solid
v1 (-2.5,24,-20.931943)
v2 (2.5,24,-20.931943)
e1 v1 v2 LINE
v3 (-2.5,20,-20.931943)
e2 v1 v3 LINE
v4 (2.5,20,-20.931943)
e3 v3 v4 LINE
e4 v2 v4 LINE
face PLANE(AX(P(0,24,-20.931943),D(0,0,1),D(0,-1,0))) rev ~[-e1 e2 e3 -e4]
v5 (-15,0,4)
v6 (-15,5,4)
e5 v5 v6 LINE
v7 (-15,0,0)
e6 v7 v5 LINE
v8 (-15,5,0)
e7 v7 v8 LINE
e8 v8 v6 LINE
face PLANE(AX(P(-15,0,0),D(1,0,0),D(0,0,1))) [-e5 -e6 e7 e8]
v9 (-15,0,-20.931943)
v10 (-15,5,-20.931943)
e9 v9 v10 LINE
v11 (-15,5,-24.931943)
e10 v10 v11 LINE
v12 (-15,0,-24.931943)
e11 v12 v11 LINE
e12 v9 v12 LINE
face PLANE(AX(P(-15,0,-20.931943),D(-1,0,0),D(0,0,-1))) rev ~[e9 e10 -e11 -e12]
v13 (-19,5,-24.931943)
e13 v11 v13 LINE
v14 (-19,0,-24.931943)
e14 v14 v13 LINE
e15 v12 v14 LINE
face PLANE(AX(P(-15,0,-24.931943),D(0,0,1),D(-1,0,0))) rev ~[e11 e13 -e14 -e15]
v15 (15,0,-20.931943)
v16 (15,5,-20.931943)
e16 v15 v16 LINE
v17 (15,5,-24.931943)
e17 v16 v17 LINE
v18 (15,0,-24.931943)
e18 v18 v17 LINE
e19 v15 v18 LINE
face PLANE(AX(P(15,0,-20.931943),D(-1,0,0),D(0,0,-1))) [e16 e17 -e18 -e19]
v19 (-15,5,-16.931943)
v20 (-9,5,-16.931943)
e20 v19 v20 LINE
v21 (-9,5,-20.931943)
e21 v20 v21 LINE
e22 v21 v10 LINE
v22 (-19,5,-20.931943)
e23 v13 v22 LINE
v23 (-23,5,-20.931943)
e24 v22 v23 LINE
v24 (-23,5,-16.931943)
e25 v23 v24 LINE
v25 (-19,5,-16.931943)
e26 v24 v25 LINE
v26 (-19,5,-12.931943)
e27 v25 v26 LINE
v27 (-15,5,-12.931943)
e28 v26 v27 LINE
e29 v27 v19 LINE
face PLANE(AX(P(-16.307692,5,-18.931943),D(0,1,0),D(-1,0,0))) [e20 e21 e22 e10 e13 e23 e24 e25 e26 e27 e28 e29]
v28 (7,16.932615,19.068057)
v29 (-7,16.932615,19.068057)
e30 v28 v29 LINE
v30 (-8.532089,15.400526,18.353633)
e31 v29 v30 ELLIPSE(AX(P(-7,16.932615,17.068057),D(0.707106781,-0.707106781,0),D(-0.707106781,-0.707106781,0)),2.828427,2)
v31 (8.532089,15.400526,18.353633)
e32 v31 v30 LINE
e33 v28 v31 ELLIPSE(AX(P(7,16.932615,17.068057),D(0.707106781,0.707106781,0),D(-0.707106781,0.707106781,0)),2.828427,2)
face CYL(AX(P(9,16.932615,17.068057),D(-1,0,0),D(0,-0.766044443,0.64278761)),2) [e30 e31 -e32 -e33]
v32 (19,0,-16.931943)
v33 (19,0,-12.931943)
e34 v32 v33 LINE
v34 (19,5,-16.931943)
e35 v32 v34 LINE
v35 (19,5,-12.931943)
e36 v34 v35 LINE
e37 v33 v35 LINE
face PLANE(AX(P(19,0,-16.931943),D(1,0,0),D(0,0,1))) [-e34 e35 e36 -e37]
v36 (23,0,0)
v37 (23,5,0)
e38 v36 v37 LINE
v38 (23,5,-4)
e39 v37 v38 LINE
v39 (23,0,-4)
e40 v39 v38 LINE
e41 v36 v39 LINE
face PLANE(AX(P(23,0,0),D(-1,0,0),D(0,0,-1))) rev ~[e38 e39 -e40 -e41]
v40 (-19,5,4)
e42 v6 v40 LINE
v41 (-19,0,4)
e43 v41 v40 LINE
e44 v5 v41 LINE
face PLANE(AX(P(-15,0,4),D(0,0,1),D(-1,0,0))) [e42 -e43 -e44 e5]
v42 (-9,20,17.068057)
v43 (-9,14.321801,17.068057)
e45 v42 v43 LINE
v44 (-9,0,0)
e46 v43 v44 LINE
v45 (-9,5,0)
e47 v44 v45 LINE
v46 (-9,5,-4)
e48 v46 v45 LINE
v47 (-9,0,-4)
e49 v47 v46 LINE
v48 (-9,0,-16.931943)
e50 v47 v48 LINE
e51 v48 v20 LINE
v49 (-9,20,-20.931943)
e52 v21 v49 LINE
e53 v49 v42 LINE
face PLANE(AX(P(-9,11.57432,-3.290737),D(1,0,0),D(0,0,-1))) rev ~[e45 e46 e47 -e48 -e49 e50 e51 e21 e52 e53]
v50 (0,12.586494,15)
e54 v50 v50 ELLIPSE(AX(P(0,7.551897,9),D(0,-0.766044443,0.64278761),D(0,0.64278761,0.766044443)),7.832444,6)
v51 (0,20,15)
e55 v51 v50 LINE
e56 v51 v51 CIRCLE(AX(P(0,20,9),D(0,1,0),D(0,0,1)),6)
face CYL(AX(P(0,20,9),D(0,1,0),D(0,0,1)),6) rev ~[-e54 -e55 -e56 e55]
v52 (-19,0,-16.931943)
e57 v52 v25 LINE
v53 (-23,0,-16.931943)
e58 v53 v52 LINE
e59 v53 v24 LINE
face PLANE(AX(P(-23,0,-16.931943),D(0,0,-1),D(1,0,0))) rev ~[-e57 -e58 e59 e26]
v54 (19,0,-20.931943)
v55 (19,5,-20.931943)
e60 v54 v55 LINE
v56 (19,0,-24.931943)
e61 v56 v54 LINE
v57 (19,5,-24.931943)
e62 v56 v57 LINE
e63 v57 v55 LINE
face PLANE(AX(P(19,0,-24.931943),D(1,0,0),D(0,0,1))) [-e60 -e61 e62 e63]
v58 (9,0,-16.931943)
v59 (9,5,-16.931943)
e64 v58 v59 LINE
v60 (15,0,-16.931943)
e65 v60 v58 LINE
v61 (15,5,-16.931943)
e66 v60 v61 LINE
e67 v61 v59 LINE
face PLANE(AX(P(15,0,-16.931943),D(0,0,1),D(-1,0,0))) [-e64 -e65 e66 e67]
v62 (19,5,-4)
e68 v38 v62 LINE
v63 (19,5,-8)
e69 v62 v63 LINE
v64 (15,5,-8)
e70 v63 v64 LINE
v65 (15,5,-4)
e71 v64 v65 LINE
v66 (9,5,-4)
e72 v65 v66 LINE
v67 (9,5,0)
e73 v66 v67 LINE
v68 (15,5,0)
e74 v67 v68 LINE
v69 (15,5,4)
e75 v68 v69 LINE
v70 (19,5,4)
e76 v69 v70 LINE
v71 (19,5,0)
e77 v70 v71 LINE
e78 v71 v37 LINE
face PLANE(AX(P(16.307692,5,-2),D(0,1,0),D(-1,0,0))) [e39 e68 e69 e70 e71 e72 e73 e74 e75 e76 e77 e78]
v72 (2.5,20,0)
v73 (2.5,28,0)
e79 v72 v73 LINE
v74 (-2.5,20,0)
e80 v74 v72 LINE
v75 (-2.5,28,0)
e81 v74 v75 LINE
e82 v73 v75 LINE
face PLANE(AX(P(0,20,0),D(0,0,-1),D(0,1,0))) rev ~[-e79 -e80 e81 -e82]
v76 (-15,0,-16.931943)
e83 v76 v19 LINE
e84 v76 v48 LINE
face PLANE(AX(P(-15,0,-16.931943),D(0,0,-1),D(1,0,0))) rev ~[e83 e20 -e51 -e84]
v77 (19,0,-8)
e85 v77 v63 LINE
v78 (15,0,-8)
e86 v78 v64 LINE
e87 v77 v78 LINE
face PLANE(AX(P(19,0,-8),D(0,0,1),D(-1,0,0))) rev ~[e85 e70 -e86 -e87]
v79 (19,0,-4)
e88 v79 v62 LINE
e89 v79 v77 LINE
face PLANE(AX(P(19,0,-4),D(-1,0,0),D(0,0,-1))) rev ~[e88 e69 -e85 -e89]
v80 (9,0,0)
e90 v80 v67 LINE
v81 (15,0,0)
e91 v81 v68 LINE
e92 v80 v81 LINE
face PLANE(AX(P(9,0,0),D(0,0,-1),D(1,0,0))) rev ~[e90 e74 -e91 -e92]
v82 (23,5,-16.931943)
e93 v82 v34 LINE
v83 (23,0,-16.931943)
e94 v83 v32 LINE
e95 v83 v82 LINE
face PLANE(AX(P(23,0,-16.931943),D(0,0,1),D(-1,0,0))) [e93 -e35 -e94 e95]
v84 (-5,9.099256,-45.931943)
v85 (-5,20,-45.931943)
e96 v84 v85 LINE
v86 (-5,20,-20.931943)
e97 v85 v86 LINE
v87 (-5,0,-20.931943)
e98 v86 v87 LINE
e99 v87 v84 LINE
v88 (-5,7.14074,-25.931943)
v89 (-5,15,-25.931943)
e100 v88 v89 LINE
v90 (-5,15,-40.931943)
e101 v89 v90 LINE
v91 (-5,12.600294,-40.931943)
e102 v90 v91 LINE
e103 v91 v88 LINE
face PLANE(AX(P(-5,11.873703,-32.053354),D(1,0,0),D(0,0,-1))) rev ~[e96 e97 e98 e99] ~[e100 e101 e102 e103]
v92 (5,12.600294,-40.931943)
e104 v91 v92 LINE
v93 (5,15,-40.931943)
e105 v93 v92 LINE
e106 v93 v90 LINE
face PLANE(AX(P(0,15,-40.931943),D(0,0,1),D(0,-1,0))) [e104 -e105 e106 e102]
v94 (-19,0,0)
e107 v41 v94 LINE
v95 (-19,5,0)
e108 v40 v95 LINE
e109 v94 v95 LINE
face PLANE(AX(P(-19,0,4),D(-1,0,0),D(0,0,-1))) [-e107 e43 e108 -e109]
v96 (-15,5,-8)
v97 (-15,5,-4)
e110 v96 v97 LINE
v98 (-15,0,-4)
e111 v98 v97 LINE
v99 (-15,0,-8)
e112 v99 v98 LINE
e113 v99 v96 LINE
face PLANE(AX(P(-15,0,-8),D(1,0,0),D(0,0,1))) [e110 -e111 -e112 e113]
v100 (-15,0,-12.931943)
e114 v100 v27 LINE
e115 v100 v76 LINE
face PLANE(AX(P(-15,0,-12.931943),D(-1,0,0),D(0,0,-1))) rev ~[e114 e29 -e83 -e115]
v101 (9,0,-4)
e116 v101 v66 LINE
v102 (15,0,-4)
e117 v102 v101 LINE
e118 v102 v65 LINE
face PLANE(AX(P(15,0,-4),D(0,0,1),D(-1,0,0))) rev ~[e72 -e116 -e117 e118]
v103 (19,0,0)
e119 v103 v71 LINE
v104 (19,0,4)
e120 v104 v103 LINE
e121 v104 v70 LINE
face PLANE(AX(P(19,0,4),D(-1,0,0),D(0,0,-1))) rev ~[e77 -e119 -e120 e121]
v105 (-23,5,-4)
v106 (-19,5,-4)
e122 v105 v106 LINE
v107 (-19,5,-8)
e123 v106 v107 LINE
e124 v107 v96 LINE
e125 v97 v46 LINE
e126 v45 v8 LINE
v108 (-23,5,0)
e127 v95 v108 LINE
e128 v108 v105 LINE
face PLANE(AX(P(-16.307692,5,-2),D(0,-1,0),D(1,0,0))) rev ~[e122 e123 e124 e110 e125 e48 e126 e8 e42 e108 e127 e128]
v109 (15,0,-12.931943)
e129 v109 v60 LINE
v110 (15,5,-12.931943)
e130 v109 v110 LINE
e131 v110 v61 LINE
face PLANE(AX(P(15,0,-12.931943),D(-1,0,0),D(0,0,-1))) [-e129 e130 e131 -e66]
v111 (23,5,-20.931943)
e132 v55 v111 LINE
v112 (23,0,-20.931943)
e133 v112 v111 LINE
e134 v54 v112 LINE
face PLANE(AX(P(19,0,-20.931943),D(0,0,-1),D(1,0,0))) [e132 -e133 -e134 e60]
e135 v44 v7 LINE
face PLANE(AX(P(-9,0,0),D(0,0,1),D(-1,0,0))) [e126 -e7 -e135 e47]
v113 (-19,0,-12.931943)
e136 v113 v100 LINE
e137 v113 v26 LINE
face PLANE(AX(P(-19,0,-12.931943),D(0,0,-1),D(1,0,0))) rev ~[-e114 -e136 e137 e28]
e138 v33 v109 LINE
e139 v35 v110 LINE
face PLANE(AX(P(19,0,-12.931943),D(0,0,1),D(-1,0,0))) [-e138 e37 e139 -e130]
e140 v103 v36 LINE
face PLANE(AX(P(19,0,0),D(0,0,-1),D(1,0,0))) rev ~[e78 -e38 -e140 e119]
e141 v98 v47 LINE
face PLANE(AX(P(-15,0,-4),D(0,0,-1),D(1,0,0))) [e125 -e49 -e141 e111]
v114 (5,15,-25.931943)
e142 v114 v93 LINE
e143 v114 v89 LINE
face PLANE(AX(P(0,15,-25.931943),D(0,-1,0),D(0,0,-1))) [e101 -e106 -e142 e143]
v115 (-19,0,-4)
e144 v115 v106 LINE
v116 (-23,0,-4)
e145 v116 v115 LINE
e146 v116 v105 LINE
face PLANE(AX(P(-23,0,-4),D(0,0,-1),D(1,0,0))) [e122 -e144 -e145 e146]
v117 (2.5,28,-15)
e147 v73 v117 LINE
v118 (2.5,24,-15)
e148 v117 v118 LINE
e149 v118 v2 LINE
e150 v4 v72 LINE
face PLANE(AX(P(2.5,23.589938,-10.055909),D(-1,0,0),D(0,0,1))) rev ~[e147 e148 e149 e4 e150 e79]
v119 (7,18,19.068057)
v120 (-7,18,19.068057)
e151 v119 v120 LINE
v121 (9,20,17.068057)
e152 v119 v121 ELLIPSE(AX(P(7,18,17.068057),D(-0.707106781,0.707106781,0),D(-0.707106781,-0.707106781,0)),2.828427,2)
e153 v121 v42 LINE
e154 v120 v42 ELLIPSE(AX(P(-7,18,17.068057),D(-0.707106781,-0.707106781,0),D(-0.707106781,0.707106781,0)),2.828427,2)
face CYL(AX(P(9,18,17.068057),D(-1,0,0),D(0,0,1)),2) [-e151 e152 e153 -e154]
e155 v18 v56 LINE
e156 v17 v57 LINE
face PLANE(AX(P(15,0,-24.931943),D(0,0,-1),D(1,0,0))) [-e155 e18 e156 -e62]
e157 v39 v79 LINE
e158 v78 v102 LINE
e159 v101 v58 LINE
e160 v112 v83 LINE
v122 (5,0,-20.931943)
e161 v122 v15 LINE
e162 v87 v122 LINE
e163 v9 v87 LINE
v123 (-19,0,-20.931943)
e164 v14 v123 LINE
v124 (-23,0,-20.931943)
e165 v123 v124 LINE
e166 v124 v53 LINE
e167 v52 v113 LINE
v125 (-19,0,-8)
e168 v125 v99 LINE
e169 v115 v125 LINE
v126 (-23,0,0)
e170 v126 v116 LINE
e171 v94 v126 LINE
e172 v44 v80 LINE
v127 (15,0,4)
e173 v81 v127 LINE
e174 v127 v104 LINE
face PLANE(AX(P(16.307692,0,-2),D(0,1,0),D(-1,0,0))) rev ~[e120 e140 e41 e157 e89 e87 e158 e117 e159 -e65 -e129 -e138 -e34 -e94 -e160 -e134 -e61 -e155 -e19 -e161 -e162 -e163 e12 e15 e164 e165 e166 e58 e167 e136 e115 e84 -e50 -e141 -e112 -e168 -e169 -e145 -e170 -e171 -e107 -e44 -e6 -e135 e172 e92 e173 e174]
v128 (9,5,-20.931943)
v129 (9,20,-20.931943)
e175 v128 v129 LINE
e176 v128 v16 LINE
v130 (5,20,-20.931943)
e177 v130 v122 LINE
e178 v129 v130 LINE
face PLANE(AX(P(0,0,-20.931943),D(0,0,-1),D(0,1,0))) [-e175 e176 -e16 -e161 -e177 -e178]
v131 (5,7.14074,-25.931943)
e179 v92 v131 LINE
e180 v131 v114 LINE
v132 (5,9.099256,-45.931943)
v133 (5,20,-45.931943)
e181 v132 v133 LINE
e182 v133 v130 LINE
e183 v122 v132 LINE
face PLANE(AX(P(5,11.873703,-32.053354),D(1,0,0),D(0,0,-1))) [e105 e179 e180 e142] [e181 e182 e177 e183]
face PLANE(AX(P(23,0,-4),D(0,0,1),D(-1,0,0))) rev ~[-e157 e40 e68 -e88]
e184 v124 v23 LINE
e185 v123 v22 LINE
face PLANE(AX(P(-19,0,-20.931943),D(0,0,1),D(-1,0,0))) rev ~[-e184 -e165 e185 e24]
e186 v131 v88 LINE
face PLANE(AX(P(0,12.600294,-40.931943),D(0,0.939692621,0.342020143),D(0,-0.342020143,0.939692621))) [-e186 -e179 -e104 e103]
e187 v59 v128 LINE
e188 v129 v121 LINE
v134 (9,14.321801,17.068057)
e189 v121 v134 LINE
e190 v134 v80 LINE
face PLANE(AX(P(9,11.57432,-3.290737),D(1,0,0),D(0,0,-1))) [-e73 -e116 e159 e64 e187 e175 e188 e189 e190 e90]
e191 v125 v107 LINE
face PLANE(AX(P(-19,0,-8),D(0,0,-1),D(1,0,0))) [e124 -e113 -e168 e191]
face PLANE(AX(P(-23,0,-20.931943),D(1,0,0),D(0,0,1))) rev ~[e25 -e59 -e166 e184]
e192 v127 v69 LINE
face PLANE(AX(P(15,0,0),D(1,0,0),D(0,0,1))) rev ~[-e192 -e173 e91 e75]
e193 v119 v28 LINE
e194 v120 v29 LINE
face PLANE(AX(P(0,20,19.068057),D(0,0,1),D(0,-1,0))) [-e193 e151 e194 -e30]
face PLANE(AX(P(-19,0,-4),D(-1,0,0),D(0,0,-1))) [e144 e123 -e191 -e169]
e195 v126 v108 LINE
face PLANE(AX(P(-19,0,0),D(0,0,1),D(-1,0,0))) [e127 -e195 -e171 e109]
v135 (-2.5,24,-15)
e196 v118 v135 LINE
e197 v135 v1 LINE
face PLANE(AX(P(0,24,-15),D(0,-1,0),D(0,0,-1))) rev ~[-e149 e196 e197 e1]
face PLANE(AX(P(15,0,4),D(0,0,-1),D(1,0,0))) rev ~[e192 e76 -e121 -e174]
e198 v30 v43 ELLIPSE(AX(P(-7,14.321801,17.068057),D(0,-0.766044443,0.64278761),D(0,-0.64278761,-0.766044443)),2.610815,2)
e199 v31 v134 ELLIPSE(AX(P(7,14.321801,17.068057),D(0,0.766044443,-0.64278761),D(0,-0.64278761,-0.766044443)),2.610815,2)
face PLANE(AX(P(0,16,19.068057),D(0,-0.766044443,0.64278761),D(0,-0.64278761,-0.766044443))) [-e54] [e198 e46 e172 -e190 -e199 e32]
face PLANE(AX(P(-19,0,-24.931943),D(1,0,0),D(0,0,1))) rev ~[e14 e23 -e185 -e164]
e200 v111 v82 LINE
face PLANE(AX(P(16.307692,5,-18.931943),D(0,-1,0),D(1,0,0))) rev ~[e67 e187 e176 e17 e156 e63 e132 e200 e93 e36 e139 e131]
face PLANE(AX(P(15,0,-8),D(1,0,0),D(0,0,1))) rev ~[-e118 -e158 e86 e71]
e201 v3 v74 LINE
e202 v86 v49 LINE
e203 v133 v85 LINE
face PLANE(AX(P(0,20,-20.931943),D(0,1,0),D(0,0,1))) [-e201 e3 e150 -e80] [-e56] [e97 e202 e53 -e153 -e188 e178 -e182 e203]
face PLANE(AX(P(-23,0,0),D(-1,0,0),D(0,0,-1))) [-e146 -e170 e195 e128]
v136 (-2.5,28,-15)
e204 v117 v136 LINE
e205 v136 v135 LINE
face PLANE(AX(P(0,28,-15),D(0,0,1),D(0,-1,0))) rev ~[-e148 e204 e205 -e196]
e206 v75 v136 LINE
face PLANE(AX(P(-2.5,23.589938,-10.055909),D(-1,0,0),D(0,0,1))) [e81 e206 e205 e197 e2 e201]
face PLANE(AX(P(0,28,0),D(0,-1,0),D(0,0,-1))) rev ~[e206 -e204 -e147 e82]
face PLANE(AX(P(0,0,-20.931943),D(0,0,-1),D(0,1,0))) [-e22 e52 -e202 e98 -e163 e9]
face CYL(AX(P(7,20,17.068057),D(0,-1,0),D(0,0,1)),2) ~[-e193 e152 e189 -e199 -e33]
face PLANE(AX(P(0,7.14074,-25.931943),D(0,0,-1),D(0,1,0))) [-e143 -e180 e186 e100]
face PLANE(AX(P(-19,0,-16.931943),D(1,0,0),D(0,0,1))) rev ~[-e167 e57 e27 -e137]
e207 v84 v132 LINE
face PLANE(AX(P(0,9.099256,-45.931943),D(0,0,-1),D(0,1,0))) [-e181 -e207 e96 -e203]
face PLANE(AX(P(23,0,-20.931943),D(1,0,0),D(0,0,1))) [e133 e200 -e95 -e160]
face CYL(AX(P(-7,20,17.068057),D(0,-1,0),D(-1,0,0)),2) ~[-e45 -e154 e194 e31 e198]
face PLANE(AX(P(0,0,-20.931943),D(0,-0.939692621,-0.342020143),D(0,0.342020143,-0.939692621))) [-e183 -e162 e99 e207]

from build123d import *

# Parameters (mm, degrees)
EXTRUDE_1_DEPTH     = 9
EXTRUDE_2_DEPTH     = 5
SKETCH_3_R          = 6
CUT_EXTRUDE_1_DEPTH = 30
FILLET_1_R          = 2
EXTRUDE_3_DEPTH     = 5
EXTRUDE_5_DEPTH     = 2.5


with BuildPart() as part:
    # Эскиз1 → Бобышка-Вытянуть1 (new, symmetric)
    with BuildSketch(Plane(origin=(0, 0, 0), x_dir=(0, 0, -1), z_dir=(1, 0, 0))):
        Polygon((-19.068057482, 16), (0, 0), (8.082464074, 0), (20.931942518, 0), (20.931942518, 20), (8.082464074, 20), (-19.068057482, 20), align=None)
    extrude(amount=EXTRUDE_1_DEPTH, both=True)

    # Эскиз1<3> → Бобышка-Вытянуть2 (add, symmetric)
    with BuildSketch(Plane(origin=(0, 0, 0), x_dir=(0, 0, -1), z_dir=(1, 0, 0))):
        Polygon((20.931942518, 20), (20.931942518, 0), (45.931942518, 9.099255857), (45.931942518, 20), (30, 20), align=None)
        Polygon((40.931942518, 12.600293548), (25.931942518, 7.140740034), (25.931942518, 15), (40.931942518, 15), align=None, mode=Mode.SUBTRACT)
    extrude(amount=EXTRUDE_2_DEPTH, both=True)

    # Эскиз3 → Вырез-Вытянуть1 (cut)
    with BuildSketch(Plane(origin=(0, 20, 0), x_dir=(1, 0, 0), z_dir=(0, 1, 0))):
        with Locations((0, -9)):
            Circle(SKETCH_3_R)
    extrude(amount=-CUT_EXTRUDE_1_DEPTH, mode=Mode.SUBTRACT)

    # Скругление1
    fillet_1_edges = [part.edges().sort_by_distance(p)[0] for p in [
        (0, 20, 19.068057482),
        (9, 18, 19.068057482),
        (0, 16, 19.068057482),
        (-9, 18, 19.068057482),
    ]]
    fillet(fillet_1_edges, radius=FILLET_1_R)

    # Эскиз4 → Бобышка-Вытянуть3 (add)
    with BuildSketch(Plane.XZ):
        Polygon((9, 0), (15, 0), (15, 4), (19, 4), (19, 0), (23, 0), (23, -4), (19, -4), (19, -8), (15, -8), (15, -4), (9, -4), align=None)
        Polygon((-23, 0), (-23, -4), (-19, -4), (-19, -8), (-15, -8), (-15, -4), (-9, -4), (-9, 0), (-15, 0), (-15, 4), (-19, 4), (-19, 0), align=None)
        Polygon((15, -16.931942518), (9, -16.931942518), (9, -20.931942518), (15, -20.931942518), (15, -24.931942518), (19, -24.931942518), (19, -20.931942518), (23, -20.931942518), (23, -16.931942518), (19, -16.931942518), (19, -12.931942518), (15, -12.931942518), align=None)
        Polygon((-19, -20.931942518), (-23, -20.931942518), (-23, -16.931942518), (-19, -16.931942518), (-19, -12.931942518), (-15, -12.931942518), (-15, -16.931942518), (-9, -16.931942518), (-9, -20.931942518), (-15, -20.931942518), (-15, -24.931942518), (-19, -24.931942518), align=None)
    extrude(amount=-EXTRUDE_3_DEPTH)

    # Эскиз5 → Бобышка-Вытянуть5 (add, symmetric)
    with BuildSketch(Plane(origin=(0, 0, 0), x_dir=(0, 0, -1), z_dir=(1, 0, 0))):
        Polygon((0, 20), (0, 28), (15, 28), (15, 24), (20.931942518, 24), (20.931942518, 20), align=None)
    extrude(amount=EXTRUDE_5_DEPTH, both=True)


solid = part.part
